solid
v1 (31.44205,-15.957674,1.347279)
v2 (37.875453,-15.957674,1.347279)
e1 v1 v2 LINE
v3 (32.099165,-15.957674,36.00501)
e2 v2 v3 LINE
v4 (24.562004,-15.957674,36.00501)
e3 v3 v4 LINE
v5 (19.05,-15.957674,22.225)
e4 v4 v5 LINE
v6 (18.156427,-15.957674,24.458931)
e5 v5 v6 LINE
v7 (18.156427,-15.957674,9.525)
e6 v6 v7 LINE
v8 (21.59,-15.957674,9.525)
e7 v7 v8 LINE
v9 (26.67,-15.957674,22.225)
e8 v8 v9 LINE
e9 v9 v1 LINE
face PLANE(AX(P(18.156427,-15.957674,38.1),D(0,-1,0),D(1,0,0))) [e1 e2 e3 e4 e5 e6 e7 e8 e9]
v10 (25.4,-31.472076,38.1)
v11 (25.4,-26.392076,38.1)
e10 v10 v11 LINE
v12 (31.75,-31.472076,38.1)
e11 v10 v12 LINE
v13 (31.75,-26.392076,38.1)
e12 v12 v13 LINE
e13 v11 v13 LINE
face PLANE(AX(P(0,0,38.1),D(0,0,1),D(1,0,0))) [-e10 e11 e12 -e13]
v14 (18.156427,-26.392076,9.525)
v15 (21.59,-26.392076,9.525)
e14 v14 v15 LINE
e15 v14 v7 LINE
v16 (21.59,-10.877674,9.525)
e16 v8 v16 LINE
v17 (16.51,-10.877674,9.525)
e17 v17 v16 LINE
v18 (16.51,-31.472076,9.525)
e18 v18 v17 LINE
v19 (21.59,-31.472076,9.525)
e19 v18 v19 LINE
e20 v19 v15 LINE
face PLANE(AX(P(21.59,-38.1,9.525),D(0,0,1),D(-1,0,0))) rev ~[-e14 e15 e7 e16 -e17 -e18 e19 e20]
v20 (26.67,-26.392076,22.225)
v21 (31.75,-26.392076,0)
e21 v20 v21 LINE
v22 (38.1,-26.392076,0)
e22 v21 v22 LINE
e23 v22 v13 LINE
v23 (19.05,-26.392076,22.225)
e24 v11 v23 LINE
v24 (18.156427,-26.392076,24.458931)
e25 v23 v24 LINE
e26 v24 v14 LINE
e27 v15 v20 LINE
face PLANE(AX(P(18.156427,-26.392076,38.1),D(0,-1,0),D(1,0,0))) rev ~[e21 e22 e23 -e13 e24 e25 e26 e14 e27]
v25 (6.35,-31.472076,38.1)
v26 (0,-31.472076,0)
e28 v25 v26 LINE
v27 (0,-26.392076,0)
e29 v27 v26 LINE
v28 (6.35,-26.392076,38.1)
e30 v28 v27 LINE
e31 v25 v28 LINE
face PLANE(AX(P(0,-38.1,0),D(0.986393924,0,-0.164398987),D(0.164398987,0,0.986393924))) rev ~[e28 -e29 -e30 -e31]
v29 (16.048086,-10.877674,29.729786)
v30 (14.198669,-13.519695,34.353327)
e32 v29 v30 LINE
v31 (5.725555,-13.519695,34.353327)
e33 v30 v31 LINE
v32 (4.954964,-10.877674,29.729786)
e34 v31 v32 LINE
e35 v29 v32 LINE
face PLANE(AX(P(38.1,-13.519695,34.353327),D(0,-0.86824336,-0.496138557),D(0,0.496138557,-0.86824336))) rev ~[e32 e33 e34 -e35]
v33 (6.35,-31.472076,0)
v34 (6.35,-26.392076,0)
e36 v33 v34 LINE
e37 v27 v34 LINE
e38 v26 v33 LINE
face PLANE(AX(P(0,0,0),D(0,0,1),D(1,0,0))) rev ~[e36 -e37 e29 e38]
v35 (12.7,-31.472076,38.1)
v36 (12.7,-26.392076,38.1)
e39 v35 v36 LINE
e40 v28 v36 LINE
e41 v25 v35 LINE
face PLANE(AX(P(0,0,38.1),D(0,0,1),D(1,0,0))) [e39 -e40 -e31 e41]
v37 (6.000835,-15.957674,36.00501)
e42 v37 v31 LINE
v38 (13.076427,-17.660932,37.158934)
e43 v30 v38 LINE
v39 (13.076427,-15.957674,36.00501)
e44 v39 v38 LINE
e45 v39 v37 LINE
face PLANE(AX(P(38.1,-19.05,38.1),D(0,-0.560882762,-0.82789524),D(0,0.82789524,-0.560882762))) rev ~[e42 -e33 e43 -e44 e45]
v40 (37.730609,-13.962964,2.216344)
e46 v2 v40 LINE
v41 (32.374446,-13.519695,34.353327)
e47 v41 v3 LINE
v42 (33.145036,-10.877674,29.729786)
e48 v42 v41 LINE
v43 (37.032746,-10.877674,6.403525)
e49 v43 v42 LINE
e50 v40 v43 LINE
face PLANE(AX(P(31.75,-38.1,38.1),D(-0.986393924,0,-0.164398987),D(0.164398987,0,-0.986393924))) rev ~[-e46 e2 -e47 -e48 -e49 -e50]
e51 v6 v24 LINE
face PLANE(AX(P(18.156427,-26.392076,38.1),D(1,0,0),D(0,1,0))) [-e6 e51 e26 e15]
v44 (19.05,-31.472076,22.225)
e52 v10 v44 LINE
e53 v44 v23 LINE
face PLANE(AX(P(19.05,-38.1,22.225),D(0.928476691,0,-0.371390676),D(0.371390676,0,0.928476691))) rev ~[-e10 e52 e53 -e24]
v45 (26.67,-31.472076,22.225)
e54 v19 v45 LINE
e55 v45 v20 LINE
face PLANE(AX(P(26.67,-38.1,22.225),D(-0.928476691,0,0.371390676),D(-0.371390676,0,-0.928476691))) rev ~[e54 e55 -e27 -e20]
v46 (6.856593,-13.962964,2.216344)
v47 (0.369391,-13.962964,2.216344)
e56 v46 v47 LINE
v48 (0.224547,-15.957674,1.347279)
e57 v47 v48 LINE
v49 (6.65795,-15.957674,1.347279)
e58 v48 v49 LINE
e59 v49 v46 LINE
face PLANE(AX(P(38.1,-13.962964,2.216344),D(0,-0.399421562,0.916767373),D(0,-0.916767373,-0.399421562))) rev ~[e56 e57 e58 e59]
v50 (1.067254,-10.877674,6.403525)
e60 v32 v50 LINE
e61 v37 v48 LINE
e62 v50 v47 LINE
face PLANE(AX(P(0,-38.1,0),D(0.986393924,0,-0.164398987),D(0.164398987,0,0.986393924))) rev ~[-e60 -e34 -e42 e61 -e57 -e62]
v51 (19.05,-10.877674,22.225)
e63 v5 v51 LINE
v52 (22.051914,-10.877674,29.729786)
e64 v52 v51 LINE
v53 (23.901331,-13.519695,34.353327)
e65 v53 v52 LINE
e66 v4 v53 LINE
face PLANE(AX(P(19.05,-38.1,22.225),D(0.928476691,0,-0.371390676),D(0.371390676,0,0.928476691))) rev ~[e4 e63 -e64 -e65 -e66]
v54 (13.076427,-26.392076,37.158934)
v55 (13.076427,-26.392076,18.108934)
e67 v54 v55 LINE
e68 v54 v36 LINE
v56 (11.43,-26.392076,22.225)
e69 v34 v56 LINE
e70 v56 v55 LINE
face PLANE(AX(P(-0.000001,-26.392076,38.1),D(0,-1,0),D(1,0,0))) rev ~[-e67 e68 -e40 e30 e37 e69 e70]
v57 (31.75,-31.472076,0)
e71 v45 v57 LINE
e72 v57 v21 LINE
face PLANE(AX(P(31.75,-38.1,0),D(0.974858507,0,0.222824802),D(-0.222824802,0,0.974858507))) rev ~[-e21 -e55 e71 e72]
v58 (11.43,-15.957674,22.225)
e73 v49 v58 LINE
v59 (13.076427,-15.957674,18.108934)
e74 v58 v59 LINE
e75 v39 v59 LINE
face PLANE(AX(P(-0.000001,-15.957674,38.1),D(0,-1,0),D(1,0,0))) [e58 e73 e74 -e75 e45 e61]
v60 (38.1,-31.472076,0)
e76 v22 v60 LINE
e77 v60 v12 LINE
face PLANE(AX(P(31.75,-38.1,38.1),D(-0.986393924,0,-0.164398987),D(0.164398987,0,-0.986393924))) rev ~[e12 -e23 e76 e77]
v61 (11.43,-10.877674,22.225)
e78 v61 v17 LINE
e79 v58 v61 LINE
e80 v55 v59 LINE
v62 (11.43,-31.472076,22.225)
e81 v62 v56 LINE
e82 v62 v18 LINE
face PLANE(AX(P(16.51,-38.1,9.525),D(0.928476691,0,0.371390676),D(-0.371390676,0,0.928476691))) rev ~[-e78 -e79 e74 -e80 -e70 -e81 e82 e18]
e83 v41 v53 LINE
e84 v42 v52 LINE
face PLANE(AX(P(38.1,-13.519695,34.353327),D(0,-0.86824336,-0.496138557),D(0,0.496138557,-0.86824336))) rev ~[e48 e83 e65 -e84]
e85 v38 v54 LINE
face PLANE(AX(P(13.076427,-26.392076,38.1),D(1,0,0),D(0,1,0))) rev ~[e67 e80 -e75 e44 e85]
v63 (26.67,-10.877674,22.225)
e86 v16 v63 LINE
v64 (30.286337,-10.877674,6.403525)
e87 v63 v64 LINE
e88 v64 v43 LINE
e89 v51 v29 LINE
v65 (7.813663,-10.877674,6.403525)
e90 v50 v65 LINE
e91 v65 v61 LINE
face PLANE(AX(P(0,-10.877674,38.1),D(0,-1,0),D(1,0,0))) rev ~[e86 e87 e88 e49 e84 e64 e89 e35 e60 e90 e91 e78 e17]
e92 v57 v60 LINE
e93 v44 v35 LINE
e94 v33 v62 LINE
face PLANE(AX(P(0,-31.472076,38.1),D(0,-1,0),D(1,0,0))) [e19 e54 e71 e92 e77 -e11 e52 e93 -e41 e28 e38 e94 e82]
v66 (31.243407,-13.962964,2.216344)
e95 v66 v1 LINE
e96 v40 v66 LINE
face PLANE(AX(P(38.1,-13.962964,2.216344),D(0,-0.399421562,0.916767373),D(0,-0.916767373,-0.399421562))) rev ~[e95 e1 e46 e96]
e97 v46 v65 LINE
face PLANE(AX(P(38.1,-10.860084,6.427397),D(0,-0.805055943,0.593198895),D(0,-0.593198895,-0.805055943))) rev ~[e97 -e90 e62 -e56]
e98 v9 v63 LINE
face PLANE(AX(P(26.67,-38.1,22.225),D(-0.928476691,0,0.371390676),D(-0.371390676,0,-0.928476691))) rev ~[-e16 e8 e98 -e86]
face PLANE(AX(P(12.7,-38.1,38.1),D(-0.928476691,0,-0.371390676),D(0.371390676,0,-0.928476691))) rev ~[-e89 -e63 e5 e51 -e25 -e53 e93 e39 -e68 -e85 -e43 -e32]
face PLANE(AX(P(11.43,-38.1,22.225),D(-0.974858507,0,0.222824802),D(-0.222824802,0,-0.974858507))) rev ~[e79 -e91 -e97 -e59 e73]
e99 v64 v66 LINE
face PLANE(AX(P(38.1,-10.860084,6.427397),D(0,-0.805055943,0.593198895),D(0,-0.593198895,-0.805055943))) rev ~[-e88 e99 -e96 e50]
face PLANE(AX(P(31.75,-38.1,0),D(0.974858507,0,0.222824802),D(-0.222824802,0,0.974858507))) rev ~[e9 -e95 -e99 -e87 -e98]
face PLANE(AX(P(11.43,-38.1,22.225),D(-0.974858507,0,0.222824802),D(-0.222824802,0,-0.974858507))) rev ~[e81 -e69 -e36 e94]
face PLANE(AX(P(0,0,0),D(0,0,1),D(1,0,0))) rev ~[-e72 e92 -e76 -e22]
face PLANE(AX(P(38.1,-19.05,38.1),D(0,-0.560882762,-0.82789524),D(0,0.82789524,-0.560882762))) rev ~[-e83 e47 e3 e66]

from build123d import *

# Parameters (mm, degrees)
F0_W      = 38.1
F0_H      = 38.1
F1_DEPTH  = 38.1
F6_DEPTH  = 38.1
F7_W      = 4.854846
F7_H      = 38.1
F8_DEPTH  = 38.1
F9_W      = 19.943573
F9_H      = 10.434402
F9_W_2    = 13.076427
F9_W_3    = 38.1
F9_H_2    = 6.627924
F9_H_3    = 10.877674
F10_DEPTH = 38.1


with BuildPart() as f1:
    # F0 (on Front) → F1 (new body)
    with BuildSketch(Plane.XZ):
        with Locations((19.05, 19.05)):
            Rectangle(F0_W, F0_H)
    extrude(amount=F1_DEPTH)

    # F5 (on offset) → F6 (cut)
    with BuildSketch(Plane.XZ.offset(38.1)):
        Polygon((0, 38.1), (0, 0), (6.35, 38.1), align=None)
        Polygon((25.4, 38.1), (12.7, 38.1), (19.05, 22.225), align=None)
        Polygon((31.75, 38.1), (38.1, 0), (38.1, 38.1), align=None)
        Polygon((11.43, 22.225), (6.35, 0), (31.75, 0), (26.67, 22.225), (21.59, 9.525), (16.51, 9.525), align=None)
    extrude(amount=-F6_DEPTH, mode=Mode.SUBTRACT)

    # F7 (on offset) → F8 (cut)
    with BuildSketch(Plane.YZ.offset(38.1)):
        with Locations((-35.672577, 19.05)):
            Rectangle(F7_W, F7_H)
        Polygon((-19.05, 0), (0, 0), (0, 38.1), (-19.05, 38.1), (-13.519695, 34.353327), (-10.860084, 29.699003), (-10.860084, 19.725459), (-10.860084, 13.076427), (-10.860084, 6.427397), (-13.962964, 2.216344), align=None)
    extrude(amount=-F8_DEPTH, mode=Mode.SUBTRACT)

    # F9 (on offset) → F10 (cut)
    with BuildSketch(Plane.XY.offset(38.1)):
        with Locations((28.128214, -21.174875)):
            Rectangle(F9_W, F9_H)
        with Locations((6.538213, -21.174875)):
            Rectangle(F9_W_2, F9_H)
        with Locations((19.05, -34.786038)):
            Rectangle(F9_W_3, F9_H_2)
        with Locations((19.05, -5.438837)):
            Rectangle(F9_W_3, F9_H_3)
    extrude(amount=-F10_DEPTH, mode=Mode.SUBTRACT)


solid = f1.part
